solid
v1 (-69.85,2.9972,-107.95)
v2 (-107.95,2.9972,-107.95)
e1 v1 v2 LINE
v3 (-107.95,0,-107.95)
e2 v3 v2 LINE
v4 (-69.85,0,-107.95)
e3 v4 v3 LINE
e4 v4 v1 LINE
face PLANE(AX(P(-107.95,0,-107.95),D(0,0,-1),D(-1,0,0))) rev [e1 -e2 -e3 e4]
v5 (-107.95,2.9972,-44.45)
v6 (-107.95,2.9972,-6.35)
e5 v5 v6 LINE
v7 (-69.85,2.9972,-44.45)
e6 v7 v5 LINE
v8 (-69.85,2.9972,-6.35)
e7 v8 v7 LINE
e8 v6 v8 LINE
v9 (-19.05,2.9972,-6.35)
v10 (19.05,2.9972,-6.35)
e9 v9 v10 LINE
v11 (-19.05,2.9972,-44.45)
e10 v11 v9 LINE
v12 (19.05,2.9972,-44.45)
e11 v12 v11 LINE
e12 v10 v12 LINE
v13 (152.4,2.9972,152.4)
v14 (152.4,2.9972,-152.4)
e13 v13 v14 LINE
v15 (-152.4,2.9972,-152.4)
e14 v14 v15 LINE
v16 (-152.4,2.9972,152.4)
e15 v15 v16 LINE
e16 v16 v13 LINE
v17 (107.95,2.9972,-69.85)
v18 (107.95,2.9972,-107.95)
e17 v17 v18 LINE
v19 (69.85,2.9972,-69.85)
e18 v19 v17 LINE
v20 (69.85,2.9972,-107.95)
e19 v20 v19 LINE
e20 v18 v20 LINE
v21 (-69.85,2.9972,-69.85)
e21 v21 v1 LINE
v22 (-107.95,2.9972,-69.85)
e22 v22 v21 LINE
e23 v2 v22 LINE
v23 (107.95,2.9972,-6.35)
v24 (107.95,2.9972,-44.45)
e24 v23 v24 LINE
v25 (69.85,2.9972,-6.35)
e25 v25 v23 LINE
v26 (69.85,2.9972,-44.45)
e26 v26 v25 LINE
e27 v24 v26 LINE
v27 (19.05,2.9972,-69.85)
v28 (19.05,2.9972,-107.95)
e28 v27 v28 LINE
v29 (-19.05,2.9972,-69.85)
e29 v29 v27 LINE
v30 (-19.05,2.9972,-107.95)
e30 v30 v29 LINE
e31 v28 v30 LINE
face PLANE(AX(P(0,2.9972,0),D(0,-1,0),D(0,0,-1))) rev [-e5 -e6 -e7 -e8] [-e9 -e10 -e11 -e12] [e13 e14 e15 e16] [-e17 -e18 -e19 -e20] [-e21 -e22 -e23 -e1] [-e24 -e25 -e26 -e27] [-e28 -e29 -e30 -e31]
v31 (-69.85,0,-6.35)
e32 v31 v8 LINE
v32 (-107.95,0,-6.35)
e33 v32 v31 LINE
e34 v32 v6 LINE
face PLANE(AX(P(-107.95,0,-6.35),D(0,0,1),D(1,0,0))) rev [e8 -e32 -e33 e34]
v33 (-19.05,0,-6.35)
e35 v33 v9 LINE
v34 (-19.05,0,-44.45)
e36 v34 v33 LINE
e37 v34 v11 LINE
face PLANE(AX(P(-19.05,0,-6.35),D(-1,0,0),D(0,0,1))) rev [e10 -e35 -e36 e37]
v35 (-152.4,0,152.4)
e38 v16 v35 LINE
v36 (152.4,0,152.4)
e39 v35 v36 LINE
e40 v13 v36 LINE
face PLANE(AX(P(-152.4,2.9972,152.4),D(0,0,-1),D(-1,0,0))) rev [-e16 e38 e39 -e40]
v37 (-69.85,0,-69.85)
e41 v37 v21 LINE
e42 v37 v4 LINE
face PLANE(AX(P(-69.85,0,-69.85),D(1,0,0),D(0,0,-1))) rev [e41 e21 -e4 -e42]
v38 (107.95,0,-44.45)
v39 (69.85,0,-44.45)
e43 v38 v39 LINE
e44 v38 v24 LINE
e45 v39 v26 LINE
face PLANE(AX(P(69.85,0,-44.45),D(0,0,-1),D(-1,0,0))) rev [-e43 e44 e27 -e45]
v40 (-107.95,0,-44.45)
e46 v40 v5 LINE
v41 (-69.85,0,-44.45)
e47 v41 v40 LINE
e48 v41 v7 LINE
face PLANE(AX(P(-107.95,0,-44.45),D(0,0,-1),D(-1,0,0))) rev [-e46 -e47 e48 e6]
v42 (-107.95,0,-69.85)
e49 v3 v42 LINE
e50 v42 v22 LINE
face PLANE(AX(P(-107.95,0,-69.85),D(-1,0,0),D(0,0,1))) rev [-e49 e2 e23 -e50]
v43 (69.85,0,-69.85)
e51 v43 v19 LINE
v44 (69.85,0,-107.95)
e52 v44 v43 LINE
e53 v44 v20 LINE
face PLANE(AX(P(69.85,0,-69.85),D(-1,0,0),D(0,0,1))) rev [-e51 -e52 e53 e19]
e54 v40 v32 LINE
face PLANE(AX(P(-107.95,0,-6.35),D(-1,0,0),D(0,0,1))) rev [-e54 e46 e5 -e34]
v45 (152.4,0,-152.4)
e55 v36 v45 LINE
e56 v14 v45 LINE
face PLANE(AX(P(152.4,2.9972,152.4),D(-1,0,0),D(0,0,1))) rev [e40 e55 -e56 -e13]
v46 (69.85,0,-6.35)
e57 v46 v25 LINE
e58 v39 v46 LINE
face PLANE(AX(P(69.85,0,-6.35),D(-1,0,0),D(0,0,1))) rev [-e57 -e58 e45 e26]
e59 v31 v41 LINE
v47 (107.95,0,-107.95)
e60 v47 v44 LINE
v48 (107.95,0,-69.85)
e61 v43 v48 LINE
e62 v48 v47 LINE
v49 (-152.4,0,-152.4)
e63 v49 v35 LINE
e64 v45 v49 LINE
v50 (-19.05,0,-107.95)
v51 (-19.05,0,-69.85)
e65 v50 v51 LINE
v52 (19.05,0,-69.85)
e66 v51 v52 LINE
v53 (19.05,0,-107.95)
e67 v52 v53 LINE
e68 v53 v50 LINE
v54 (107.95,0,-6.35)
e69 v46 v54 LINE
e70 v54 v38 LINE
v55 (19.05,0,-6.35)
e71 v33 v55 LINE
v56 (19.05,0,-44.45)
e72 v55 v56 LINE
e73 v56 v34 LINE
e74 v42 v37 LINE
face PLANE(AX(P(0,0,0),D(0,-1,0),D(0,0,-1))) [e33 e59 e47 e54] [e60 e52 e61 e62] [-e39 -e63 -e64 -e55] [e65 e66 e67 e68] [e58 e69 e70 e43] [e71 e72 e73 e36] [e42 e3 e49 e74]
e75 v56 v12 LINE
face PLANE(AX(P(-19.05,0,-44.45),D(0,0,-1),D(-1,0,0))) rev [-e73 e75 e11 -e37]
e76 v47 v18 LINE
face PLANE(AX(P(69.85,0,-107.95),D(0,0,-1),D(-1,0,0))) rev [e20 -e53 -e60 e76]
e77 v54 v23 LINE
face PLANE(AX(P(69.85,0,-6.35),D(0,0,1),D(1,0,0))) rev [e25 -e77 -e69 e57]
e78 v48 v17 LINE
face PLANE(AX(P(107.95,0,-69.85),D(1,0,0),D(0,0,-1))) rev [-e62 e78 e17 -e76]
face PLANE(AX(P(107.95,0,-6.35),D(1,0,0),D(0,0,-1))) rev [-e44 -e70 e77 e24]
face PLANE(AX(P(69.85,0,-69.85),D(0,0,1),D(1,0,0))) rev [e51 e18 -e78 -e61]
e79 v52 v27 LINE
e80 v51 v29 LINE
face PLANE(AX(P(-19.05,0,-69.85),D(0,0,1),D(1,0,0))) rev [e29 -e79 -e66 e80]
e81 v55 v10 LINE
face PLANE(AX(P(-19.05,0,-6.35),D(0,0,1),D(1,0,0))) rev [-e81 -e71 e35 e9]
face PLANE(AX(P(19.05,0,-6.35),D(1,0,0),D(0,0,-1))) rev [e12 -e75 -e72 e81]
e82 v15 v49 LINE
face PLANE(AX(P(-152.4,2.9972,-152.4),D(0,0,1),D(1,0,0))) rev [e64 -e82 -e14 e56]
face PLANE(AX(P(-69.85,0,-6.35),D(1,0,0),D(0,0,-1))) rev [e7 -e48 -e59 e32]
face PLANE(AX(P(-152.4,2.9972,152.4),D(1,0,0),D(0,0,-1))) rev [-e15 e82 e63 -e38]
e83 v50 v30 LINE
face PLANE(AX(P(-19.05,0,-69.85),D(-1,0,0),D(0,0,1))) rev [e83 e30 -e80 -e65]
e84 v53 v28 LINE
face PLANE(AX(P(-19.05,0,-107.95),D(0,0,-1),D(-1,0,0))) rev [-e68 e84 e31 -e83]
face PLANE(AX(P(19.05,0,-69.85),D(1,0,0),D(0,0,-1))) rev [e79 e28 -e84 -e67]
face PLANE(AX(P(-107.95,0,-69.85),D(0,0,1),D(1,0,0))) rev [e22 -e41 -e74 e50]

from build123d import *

# Parameters (mm, degrees)
SKETCH1_W            = 304.8
SKETCH1_H            = 304.8
BOSS_EXTRUDE1_DEPTH  = 2.9972
SKETCH2_W            = 38.1
SKETCH2_H            = 38.1
CUT_EXTRUDE1_DEPTH   = 2.9972
LPATTERN1_COUNT      = 3
LPATTERN1_PITCH      = 88.9
LPATTERN1_COUNT_DIR2 = 2
LPATTERN1_PITCH_DIR2 = 63.5


with BuildPart() as part:
    # Sketch1 → Boss-Extrude1 (new body)
    with BuildSketch(Plane(origin=(0, 0, 0), x_dir=(1, 0, 0), z_dir=(0, 1, 0))):
        Rectangle(SKETCH1_W, SKETCH1_H)
    extrude(amount=BOSS_EXTRUDE1_DEPTH)

    # Sketch2 → Cut-Extrude1 (cut)
    with BuildSketch(Plane(origin=(0, 2.9972, 0), x_dir=(1, 0, 0), z_dir=(0, 1, 0))):
        with Locations((-88.9, 88.9)):
            Rectangle(SKETCH2_W, SKETCH2_H)
    cut_extrude1 = extrude(amount=-CUT_EXTRUDE1_DEPTH, mode=Mode.SUBTRACT)

    # LPattern1: Cut-Extrude1 3 × 2
    with Locations(*[(i * LPATTERN1_PITCH, 0, j * LPATTERN1_PITCH_DIR2) for i in range(LPATTERN1_COUNT) for j in range(LPATTERN1_COUNT_DIR2) if (i, j) != (0, 0)]):
        add(cut_extrude1, mode=Mode.SUBTRACT)


solid = part.part
